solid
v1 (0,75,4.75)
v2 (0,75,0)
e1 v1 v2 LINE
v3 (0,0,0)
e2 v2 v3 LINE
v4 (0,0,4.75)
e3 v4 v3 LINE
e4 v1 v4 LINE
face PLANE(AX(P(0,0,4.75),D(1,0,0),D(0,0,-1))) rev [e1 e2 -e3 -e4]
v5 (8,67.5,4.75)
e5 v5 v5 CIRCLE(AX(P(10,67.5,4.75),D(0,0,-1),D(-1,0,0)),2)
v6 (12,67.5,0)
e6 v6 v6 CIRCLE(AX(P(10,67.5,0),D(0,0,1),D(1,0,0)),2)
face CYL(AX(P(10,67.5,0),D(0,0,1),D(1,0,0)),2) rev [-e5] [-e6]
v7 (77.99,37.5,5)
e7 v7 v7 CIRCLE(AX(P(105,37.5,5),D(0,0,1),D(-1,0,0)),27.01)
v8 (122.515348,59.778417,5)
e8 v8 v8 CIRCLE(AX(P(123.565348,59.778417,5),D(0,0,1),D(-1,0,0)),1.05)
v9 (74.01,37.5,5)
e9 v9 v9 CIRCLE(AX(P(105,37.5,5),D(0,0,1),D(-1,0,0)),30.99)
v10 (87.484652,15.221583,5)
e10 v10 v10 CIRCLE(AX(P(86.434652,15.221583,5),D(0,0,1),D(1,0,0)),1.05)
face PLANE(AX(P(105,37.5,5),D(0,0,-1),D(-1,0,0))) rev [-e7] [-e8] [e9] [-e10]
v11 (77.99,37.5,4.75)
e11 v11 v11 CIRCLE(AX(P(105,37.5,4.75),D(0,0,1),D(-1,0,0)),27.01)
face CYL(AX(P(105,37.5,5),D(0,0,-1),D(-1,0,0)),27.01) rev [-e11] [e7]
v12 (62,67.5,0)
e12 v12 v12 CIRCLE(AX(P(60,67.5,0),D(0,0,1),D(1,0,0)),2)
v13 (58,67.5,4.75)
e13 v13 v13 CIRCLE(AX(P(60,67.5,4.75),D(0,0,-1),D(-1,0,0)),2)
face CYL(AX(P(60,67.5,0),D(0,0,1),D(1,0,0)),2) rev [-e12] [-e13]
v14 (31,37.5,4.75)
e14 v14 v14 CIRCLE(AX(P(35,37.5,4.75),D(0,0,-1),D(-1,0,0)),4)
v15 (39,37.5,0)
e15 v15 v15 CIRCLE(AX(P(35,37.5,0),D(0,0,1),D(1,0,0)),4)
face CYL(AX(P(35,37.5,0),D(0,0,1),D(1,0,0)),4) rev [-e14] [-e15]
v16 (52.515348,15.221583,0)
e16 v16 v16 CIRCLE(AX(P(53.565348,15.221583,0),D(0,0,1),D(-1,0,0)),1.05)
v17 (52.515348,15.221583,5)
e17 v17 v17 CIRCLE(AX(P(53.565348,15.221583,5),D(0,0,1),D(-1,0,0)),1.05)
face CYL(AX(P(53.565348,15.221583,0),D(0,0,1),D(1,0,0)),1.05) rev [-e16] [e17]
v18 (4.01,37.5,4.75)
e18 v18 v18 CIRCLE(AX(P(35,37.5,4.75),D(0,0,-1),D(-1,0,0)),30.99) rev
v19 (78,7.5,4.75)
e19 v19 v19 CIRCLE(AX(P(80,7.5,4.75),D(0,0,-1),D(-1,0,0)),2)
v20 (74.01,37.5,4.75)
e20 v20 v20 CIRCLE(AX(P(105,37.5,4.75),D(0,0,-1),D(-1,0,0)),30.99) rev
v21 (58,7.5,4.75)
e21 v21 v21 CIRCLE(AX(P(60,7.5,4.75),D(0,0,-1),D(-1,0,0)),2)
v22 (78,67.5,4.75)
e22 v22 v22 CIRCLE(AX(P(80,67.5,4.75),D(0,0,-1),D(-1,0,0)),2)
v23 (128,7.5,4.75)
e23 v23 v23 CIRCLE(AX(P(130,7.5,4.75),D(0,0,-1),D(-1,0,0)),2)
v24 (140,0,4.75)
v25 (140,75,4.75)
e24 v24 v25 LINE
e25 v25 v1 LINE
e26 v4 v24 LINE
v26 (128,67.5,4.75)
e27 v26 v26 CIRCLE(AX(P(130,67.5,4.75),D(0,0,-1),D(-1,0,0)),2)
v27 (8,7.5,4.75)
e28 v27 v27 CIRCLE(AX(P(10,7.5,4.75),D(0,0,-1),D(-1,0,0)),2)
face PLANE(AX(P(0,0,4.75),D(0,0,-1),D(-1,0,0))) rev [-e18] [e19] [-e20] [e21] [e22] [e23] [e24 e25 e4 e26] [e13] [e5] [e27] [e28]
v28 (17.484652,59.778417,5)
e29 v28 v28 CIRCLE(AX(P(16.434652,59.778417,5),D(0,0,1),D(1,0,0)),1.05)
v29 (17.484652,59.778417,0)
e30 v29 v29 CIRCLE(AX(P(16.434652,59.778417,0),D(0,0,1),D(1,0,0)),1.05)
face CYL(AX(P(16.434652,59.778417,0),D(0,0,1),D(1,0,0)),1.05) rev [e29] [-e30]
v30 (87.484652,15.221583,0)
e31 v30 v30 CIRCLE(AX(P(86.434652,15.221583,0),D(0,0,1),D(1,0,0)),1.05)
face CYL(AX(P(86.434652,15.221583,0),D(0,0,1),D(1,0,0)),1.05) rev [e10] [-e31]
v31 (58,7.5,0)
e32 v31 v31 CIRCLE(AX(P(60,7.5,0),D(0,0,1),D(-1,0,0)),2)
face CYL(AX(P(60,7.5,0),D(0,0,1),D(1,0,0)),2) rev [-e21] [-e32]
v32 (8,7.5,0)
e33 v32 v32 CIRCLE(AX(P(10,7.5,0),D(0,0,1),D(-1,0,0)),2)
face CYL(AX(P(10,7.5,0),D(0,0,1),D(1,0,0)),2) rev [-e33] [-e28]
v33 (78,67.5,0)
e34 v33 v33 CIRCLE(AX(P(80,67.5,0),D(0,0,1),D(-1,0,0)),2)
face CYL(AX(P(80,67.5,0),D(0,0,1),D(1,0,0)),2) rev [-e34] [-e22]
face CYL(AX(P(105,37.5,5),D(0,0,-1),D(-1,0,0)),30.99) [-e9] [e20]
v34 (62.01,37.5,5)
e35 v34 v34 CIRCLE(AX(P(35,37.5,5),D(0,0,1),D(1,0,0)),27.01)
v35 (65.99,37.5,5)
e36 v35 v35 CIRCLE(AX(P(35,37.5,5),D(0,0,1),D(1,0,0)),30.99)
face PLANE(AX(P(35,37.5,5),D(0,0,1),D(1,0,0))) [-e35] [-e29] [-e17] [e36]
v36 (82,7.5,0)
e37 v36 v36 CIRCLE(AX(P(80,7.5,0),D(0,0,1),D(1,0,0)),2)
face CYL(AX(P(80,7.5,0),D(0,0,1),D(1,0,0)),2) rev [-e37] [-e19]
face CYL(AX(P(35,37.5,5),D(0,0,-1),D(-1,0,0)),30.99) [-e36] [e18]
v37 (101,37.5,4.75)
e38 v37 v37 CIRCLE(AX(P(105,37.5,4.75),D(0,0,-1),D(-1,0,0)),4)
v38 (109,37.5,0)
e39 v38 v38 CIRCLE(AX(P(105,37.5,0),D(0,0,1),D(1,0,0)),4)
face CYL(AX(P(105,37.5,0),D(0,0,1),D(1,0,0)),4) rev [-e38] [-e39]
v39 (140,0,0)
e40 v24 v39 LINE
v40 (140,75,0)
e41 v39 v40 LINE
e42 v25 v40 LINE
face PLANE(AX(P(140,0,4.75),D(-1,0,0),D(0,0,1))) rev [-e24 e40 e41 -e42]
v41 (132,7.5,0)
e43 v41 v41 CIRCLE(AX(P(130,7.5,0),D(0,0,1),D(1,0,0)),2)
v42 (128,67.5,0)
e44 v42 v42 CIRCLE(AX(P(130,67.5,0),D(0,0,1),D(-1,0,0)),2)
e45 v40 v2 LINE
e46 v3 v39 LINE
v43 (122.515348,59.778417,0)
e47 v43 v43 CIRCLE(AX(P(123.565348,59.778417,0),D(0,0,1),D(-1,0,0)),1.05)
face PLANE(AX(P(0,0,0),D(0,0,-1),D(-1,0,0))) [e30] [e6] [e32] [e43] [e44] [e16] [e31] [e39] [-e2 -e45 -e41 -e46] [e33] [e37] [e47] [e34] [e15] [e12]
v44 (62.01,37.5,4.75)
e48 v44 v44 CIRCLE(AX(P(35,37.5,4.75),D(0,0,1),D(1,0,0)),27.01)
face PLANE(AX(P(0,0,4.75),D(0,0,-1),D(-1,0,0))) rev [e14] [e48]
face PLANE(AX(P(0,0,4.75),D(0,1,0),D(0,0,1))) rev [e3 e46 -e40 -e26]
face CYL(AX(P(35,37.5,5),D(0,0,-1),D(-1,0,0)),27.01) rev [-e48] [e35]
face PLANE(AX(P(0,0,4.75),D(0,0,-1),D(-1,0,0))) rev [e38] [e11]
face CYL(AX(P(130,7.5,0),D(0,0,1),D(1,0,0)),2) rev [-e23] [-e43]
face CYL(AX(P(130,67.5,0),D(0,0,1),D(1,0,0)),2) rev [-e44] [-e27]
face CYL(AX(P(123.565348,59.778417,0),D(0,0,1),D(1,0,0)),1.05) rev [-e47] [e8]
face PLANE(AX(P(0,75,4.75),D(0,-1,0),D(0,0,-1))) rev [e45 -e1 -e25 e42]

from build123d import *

# Parameters (mm, degrees)
ESQUISSE1_W                  = 140
ESQUISSE1_H                  = 75
BOSS_EXTRU_1_DEPTH           = 4.75
ESQUISSE2_R                  = 30.99
ESQUISSE2_R_2                = 27.01
BOSS_EXTRU_2_DEPTH           = 0.25
ENL_V_MAT_EXTRU_1_DEPTH      = 159.894815837
ENL_V_MAT_EXTRU_1_DEPTH_BACK = 159.894815837
ESQUISSE3_R                  = 2
ESQUISSE3_R_2                = 4
ESQUISSE3_R_3                = 1.05


with BuildPart() as part:
    # Esquisse1 → Boss.-Extru.1 (new body)
    with BuildSketch(Plane.XY):
        with Locations((70, 37.5)):
            Rectangle(ESQUISSE1_W, ESQUISSE1_H)
    extrude(amount=BOSS_EXTRU_1_DEPTH)

    # Esquisse2 → Boss.-Extru.2 (add)
    # profile 1 of 2: a face of its own
    with BuildSketch(Plane.XY.offset(4.75)):
        with Locations(Location((35, 37.5, 0), (0, 0, 180))):
            Circle(ESQUISSE2_R)
        with Locations((35, 37.5)):
            Circle(ESQUISSE2_R_2, mode=Mode.SUBTRACT)
    # profile 2 of 2: a face of its own
    with BuildSketch(Plane.XY.offset(4.75)):
        with Locations(Location((105, 37.5, 0), (0, 0, 180))):
            Circle(ESQUISSE2_R)
        with Locations(Location((105, 37.5, 0), (0, 0, 180))):
            Circle(ESQUISSE2_R_2, mode=Mode.SUBTRACT)
    extrude(amount=BOSS_EXTRU_2_DEPTH)

    # Esquisse3 → Enlèv. mat.-Extru.1 (cut, two sides: drawn at the far end of the back side and taken through both)
    with BuildSketch(Plane.XY.offset(4.75).offset(-ENL_V_MAT_EXTRU_1_DEPTH_BACK)):
        with Locations((10, 67.5)):
            Circle(ESQUISSE3_R)
        with Locations((60, 67.5)):
            Circle(ESQUISSE3_R)
        with Locations(Location((60, 7.5, 0), (0, 0, 180))):
            Circle(ESQUISSE3_R)
        with Locations(Location((10, 7.5, 0), (0, 0, 180))):
            Circle(ESQUISSE3_R)
        with Locations((130, 7.5)):
            Circle(ESQUISSE3_R)
        with Locations((80, 7.5)):
            Circle(ESQUISSE3_R)
        with Locations(Location((80, 67.5, 0), (0, 0, 180))):
            Circle(ESQUISSE3_R)
        with Locations(Location((130, 67.5, 0), (0, 0, 180))):
            Circle(ESQUISSE3_R)
        with Locations((35, 37.5)):
            Circle(ESQUISSE3_R_2)
        with Locations((105, 37.5)):
            Circle(ESQUISSE3_R_2)
        with Locations((16.43465241, 59.778417108)):
            Circle(ESQUISSE3_R_3)
        with Locations(Location((53.56534759, 15.221582892, 0), (0, 0, 180))):
            Circle(ESQUISSE3_R_3)
        with Locations(Location((123.56534759, 59.778417108, 0), (0, 0, 180))):
            Circle(ESQUISSE3_R_3)
        with Locations((86.43465241, 15.221582892)):
            Circle(ESQUISSE3_R_3)
    extrude(amount=ENL_V_MAT_EXTRU_1_DEPTH + ENL_V_MAT_EXTRU_1_DEPTH_BACK, mode=Mode.SUBTRACT)


solid = part.part
